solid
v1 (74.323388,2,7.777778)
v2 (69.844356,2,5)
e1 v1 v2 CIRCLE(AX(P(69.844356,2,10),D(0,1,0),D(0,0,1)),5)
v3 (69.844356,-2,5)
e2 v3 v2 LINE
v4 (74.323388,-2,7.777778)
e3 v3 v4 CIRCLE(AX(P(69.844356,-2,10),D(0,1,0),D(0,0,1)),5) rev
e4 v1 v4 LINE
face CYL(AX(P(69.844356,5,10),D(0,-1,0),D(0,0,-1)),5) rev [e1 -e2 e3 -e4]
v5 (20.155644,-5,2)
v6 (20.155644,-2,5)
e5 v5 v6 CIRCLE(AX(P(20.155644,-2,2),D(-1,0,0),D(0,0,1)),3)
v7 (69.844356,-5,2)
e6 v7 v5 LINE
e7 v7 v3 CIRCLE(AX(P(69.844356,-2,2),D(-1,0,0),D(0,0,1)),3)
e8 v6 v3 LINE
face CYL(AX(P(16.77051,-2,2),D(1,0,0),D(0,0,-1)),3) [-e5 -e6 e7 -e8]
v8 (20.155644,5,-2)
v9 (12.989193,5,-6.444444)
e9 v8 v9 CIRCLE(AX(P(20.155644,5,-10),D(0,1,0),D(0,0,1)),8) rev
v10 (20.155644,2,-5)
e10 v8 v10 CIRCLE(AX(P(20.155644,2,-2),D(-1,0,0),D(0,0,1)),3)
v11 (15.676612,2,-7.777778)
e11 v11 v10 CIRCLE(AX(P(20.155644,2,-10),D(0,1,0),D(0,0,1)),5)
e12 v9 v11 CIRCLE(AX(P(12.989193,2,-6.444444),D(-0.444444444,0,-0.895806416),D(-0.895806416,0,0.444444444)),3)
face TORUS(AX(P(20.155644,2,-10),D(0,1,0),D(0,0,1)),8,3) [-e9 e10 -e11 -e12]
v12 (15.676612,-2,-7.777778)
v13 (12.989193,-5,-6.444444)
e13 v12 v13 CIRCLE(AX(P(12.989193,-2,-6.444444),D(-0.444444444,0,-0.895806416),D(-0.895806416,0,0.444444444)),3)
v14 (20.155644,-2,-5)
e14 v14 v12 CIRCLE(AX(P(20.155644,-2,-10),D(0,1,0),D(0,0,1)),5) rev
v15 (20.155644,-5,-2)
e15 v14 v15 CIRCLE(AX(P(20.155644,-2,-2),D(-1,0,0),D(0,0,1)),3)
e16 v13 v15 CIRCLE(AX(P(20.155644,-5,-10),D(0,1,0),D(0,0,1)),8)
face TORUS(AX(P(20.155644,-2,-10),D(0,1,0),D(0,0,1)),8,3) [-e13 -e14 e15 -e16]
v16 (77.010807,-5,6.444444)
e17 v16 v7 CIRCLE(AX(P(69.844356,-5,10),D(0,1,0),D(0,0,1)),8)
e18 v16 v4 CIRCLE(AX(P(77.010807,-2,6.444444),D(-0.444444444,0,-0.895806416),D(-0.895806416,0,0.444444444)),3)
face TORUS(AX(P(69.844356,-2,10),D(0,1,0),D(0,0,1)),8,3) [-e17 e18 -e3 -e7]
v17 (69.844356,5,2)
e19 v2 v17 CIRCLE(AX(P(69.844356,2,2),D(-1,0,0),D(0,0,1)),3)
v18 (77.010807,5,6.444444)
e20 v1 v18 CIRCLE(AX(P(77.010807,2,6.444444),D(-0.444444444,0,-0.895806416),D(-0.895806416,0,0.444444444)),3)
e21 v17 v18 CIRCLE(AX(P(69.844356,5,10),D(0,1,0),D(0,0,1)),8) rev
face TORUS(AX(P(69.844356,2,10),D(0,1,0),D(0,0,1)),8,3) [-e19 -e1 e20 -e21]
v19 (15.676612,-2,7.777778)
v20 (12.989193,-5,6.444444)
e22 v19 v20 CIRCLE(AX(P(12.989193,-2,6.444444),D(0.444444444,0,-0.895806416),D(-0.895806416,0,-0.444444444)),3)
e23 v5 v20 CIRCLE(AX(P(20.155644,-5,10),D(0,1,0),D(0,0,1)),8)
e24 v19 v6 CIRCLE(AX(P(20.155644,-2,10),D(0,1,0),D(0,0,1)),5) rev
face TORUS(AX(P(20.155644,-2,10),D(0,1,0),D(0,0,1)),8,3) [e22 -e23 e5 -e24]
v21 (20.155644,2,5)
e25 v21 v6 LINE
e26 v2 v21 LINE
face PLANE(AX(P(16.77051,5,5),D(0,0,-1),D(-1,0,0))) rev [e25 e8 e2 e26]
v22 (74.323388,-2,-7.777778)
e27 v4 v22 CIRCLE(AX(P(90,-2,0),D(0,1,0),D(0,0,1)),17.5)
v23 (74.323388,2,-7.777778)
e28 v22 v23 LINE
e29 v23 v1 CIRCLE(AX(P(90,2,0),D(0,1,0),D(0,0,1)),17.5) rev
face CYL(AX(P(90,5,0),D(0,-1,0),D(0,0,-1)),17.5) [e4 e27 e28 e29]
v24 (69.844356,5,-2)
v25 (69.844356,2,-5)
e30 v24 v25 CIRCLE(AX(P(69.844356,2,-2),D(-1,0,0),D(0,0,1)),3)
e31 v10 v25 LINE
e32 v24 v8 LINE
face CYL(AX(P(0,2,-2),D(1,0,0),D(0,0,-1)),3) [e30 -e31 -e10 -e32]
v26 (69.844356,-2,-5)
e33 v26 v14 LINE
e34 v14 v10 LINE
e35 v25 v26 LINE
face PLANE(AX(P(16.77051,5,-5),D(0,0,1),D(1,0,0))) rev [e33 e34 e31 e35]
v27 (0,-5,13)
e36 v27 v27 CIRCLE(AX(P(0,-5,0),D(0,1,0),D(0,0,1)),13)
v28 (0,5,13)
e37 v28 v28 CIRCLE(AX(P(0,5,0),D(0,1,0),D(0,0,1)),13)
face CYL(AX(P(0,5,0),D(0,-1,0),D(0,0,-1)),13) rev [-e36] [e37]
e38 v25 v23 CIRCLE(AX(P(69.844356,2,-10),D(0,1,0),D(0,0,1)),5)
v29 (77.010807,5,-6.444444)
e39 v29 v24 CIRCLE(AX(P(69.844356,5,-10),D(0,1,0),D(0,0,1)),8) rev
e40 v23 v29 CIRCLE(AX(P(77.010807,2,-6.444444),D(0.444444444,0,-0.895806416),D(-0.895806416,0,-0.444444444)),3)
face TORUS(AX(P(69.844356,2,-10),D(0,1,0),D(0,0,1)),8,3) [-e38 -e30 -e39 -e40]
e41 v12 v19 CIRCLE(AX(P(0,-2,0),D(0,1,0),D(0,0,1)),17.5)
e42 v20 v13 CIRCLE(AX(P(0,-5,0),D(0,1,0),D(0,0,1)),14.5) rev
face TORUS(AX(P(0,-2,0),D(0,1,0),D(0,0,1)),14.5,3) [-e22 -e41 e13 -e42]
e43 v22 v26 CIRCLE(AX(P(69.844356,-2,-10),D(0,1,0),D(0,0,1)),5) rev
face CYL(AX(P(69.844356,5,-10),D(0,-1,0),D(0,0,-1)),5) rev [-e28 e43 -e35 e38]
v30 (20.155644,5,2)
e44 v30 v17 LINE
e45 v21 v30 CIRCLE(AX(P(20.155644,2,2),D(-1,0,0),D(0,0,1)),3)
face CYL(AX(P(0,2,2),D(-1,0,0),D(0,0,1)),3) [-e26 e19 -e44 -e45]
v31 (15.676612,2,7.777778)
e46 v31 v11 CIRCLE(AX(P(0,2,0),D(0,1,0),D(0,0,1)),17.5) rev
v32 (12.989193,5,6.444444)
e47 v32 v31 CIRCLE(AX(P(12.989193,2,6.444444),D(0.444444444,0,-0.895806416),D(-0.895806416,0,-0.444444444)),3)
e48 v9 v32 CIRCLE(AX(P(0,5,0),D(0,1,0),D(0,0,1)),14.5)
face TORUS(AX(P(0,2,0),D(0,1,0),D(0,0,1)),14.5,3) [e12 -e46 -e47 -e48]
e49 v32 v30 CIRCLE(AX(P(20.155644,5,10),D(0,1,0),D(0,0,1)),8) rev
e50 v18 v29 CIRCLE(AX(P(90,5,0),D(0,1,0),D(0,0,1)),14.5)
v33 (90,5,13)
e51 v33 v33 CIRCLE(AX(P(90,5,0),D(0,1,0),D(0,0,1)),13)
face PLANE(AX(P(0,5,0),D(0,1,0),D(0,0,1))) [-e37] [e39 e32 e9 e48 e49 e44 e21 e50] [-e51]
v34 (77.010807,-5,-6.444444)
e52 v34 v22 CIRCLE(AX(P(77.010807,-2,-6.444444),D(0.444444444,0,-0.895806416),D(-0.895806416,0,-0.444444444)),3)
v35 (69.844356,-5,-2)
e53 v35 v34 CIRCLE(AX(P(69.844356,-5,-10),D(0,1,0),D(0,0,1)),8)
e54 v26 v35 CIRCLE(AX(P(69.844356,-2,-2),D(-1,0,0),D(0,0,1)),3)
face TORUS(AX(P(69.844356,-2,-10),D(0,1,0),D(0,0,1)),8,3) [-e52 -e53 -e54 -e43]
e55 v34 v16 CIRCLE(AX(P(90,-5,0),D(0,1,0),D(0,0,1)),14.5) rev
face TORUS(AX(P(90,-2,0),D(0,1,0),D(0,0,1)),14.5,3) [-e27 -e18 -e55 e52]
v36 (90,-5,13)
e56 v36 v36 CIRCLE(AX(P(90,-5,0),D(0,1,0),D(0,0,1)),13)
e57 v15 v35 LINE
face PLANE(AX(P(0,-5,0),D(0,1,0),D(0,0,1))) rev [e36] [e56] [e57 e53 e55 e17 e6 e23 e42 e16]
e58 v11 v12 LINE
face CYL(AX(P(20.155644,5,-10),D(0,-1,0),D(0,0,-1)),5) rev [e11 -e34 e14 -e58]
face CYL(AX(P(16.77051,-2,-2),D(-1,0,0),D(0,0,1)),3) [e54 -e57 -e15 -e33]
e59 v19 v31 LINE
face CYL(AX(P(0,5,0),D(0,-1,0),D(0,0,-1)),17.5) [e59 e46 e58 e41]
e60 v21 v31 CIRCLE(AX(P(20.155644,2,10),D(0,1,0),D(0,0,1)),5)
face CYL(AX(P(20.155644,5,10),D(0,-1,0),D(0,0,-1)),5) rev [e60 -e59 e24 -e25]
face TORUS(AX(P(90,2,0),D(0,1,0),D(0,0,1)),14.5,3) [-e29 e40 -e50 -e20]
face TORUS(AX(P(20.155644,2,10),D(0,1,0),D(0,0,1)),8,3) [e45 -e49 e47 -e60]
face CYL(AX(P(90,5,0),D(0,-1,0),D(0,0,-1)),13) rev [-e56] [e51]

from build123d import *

# Parameters (mm, degrees)
SKETCH1_R           = 13
BOSS_EXTRUDE1_DEPTH = 5
FILLET1_R           = 5
FILLET2_R           = 3


with BuildPart() as part:
    # Sketch1 → Boss-Extrude1 (new, symmetric)
    with BuildSketch(Plane(origin=(0, 0, 0), x_dir=(1, 0, 0), z_dir=(0, 1, 0))):
        with BuildLine():
            Line((16.770509831, 5), (73.229490169, 5))
            ThreePointArc((73.229490169, 5), (107.5, 0), (73.229490169, -5))
            Line((73.229490169, -5), (16.770509831, -5))
            ThreePointArc((16.770509831, -5), (-17.5, 0), (16.770509831, 5))
        make_face()
        with Locations(Location((0, 0, 0), (0, 0, 270))):
            Circle(SKETCH1_R, mode=Mode.SUBTRACT)
        with Locations(Location((90, 0, 0), (0, 0, 270))):
            Circle(SKETCH1_R, mode=Mode.SUBTRACT)
    extrude(amount=BOSS_EXTRUDE1_DEPTH, both=True)

    # Fillet1
    fillet1_edges = [part.edges().sort_by_distance(p)[0] for p in [
        (16.770509831, 0, -5),
        (73.229490169, 0, -5),
        (73.229490169, 0, 5),
        (16.770509831, 0, 5),
    ]]
    fillet(fillet1_edges, radius=FILLET1_R)

    # Fillet2
    fillet2_edges = [part.edges().sort_by_distance(p)[0] for p in [
        (107.5, -5, 0),
        (107.5, 5, 0),
        (45, -5, 5),
        (45, 5, 5),
        (45, -5, -5),
        (45, 5, -5),
        (-17.5, -5, 0),
        (-17.5, 5, 0),
        (72.479587013, -5, 5.750817072),
        (72.479587013, 5, 5.750817072),
        (72.479587013, -5, -5.750817072),
        (72.479587013, 5, -5.750817072),
        (17.520412987, -5, -5.750817072),
        (17.520412987, 5, -5.750817072),
        (17.520412987, -5, 5.750817072),
        (17.520412987, 5, 5.750817072),
    ]]
    fillet(fillet2_edges, radius=FILLET2_R)


solid = part.part
